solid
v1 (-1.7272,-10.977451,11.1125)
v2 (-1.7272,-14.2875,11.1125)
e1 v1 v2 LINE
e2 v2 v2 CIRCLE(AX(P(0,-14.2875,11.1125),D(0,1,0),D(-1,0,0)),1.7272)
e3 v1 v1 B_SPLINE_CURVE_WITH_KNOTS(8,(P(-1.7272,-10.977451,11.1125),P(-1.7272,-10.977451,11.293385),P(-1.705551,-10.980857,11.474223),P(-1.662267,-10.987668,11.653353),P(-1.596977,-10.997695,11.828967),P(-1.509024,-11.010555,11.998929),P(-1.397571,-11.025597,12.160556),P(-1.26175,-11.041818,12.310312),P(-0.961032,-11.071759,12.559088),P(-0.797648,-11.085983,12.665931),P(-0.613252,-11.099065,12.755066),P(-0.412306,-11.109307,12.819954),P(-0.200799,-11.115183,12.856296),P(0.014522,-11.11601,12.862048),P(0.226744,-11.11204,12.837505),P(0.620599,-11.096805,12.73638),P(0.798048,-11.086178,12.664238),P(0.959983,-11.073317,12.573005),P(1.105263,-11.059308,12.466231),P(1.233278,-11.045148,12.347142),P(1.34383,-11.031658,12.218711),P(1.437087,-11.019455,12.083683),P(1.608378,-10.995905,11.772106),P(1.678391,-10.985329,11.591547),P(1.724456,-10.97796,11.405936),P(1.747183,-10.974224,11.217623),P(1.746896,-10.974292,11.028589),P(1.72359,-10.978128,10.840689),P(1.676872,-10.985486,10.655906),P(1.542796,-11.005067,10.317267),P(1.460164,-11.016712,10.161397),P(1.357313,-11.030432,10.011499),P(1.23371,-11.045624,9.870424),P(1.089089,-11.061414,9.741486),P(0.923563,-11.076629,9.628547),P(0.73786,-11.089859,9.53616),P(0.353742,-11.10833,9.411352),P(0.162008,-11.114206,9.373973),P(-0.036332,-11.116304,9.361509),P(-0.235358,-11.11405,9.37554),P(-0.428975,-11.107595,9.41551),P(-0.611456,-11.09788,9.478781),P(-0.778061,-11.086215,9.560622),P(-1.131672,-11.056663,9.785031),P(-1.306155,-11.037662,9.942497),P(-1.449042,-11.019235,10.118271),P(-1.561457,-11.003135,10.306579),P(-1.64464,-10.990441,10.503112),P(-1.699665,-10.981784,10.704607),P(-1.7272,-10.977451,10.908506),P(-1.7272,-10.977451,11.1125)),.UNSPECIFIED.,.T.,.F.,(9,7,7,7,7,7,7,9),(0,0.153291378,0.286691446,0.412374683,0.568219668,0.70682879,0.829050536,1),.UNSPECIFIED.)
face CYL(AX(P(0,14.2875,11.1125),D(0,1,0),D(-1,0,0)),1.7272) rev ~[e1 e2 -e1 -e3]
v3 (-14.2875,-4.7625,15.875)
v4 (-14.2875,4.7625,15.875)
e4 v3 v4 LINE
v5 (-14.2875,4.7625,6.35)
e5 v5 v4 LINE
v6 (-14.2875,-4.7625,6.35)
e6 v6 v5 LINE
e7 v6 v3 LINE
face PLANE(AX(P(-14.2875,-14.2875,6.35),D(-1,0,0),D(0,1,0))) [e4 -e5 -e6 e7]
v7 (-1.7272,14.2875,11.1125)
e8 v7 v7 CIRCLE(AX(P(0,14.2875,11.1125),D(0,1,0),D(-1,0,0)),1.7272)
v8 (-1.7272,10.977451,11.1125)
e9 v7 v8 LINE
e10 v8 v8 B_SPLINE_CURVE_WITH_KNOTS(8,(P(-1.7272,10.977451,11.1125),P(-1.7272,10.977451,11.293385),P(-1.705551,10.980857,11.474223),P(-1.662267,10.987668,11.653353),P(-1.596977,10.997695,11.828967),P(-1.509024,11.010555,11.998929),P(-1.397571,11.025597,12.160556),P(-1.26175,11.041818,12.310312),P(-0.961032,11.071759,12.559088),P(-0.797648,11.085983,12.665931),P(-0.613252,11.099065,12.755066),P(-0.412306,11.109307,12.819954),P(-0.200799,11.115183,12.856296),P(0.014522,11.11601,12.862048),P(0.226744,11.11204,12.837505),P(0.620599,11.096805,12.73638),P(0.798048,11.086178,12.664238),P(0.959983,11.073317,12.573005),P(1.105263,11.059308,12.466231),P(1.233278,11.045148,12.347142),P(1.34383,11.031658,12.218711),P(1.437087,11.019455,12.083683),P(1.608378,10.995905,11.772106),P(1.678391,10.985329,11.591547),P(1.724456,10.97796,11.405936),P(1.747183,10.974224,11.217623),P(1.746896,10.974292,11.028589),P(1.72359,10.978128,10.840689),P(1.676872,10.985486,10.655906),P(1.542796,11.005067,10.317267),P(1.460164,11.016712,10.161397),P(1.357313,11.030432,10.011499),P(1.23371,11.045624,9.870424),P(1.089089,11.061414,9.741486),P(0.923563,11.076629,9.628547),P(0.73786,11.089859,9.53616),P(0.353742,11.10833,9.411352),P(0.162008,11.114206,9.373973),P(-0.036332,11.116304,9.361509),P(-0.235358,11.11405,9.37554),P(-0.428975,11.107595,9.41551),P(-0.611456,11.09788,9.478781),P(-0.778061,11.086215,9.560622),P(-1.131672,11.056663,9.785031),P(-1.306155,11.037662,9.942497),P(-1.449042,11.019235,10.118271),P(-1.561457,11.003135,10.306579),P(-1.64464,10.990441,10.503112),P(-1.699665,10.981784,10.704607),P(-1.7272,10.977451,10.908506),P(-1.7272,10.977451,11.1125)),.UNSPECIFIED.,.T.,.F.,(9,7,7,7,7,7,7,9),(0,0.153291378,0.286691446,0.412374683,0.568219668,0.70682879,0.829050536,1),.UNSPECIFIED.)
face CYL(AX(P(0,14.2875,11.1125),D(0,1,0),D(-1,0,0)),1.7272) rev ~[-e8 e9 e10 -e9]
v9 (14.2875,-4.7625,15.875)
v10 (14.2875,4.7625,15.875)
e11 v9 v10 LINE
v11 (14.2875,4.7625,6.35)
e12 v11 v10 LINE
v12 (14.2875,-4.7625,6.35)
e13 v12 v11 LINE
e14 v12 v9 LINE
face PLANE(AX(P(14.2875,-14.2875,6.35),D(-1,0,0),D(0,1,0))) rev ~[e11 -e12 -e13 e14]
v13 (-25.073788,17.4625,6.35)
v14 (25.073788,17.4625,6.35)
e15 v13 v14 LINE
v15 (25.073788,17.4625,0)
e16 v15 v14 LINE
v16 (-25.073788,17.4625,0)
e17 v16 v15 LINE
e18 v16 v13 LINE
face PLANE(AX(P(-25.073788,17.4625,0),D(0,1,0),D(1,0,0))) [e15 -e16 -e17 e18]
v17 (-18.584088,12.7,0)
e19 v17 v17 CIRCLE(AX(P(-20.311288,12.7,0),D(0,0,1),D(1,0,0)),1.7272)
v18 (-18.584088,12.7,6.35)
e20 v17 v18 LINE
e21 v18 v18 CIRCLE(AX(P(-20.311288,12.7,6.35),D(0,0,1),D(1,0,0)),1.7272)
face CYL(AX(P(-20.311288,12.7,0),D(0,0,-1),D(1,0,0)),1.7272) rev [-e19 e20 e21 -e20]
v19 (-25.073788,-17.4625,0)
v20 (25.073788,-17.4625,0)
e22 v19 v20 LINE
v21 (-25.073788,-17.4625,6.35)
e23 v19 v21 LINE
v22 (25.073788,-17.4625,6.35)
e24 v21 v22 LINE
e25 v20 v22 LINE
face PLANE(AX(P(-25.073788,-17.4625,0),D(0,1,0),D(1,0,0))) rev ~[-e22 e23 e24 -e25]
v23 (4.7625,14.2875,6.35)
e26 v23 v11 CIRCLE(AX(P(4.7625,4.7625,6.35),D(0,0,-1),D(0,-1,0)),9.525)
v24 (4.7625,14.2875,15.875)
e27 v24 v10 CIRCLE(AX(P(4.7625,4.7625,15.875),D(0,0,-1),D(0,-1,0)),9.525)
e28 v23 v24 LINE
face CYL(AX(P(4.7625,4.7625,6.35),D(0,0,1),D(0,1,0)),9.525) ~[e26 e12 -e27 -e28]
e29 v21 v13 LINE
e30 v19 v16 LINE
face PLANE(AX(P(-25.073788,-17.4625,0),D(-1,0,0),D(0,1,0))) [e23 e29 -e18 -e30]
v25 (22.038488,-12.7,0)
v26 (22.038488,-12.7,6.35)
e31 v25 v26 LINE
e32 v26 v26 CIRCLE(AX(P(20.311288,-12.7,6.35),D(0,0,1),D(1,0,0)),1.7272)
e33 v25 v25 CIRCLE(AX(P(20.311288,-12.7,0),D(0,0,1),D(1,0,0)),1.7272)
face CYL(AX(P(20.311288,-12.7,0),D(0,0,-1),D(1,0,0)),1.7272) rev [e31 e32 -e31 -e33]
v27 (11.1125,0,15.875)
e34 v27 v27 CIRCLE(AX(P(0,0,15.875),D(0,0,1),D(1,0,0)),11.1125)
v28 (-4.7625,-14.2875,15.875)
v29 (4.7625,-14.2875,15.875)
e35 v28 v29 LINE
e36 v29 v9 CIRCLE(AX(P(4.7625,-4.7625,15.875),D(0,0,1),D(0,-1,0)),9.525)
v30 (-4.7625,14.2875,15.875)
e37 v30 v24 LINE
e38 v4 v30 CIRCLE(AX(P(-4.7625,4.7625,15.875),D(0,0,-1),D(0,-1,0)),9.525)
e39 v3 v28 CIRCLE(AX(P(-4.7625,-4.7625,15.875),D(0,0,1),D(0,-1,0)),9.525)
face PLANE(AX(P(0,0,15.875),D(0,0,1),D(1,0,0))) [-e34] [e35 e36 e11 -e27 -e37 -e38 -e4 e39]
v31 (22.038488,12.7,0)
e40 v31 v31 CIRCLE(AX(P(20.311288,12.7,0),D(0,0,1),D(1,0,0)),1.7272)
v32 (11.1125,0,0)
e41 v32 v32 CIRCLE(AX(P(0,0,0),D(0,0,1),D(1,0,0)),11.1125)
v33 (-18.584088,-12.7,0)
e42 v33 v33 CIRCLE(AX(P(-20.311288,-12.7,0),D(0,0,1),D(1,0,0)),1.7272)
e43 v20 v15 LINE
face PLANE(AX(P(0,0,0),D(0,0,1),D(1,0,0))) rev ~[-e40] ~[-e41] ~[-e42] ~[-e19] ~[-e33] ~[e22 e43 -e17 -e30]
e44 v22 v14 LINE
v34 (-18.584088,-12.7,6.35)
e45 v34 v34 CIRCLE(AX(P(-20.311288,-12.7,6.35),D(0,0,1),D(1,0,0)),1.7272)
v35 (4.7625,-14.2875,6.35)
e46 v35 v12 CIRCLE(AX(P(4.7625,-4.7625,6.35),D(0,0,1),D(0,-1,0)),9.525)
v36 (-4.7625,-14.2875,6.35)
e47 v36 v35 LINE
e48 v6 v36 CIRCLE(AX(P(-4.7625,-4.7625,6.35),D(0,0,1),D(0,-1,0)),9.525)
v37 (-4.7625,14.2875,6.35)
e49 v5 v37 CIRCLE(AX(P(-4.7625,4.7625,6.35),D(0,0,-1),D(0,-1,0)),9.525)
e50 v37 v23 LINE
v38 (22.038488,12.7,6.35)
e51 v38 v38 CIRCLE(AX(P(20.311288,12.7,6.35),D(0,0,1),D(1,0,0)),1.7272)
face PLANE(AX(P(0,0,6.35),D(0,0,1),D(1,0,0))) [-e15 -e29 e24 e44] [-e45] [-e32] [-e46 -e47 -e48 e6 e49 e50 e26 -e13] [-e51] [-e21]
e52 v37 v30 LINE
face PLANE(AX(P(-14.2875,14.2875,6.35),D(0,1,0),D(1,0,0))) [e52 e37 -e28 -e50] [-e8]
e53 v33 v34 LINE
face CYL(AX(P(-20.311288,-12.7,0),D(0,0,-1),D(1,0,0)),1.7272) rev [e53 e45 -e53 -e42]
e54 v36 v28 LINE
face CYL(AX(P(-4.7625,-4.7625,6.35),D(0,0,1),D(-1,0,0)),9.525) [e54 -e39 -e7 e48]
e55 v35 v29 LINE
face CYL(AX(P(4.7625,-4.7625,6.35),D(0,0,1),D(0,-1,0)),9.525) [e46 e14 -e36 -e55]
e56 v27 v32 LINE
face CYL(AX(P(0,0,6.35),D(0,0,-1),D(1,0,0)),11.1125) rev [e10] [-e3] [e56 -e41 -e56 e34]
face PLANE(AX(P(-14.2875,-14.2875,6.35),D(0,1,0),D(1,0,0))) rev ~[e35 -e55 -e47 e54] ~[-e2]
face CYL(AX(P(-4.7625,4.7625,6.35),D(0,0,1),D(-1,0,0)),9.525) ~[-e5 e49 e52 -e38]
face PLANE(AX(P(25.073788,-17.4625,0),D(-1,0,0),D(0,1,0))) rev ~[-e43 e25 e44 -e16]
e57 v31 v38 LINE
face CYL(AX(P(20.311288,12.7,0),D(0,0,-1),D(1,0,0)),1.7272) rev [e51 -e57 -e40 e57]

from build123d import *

# Parameters (mm, degrees)
F0_W     = 50.147576
F0_H     = 34.925
F0_R     = 1.7272
F0_R_2   = 11.1125
F1_DEPTH = 6.35
F2_W     = 28.575
F2_H     = 28.575
F2_R     = 11.1125
F3_DEPTH = 9.525
F4_R     = 1.7272
F5_DEPTH = 28.575
F6_R     = 9.525


with BuildPart() as f1:
    # F0 (on Top) → F1 (new body)
    with BuildSketch(Plane.XY):
        Rectangle(F0_W, F0_H)
        with Locations((-20.311288, -12.7)):
            Circle(F0_R, mode=Mode.SUBTRACT)
        with Locations((20.311288, -12.7)):
            Circle(F0_R, mode=Mode.SUBTRACT)
        with Locations((-20.311288, 12.7)):
            Circle(F0_R, mode=Mode.SUBTRACT)
        Circle(F0_R_2, mode=Mode.SUBTRACT)
        with Locations((20.311288, 12.7)):
            Circle(F0_R, mode=Mode.SUBTRACT)
    extrude(amount=F1_DEPTH)

    # F2 (on face) → F3 (join)
    with BuildSketch(Plane.XY.offset(6.35)):
        Rectangle(F2_W, F2_H)
        Circle(F2_R, mode=Mode.SUBTRACT)
    extrude(amount=F3_DEPTH)

    # F4 (on face) → F5 (cut, through all)
    with BuildSketch(Plane(origin=(0, 14.2875, 0), x_dir=(-1, 0, 0), z_dir=(0, 1, 0))):
        with Locations((0, 11.1125)):
            Circle(F4_R)
    extrude(amount=-F5_DEPTH, mode=Mode.SUBTRACT)

    # F6
    f6_edges = [f1.edges().sort_by_distance(p)[0] for p in [
        (-14.2875, -14.2875, 11.1125),
        (14.2875, -14.2875, 11.1125),
        (14.2875, 14.2875, 11.1125),
        (-14.2875, 14.2875, 11.1125),
    ]]
    fillet(f6_edges, radius=F6_R)


solid = f1.part
